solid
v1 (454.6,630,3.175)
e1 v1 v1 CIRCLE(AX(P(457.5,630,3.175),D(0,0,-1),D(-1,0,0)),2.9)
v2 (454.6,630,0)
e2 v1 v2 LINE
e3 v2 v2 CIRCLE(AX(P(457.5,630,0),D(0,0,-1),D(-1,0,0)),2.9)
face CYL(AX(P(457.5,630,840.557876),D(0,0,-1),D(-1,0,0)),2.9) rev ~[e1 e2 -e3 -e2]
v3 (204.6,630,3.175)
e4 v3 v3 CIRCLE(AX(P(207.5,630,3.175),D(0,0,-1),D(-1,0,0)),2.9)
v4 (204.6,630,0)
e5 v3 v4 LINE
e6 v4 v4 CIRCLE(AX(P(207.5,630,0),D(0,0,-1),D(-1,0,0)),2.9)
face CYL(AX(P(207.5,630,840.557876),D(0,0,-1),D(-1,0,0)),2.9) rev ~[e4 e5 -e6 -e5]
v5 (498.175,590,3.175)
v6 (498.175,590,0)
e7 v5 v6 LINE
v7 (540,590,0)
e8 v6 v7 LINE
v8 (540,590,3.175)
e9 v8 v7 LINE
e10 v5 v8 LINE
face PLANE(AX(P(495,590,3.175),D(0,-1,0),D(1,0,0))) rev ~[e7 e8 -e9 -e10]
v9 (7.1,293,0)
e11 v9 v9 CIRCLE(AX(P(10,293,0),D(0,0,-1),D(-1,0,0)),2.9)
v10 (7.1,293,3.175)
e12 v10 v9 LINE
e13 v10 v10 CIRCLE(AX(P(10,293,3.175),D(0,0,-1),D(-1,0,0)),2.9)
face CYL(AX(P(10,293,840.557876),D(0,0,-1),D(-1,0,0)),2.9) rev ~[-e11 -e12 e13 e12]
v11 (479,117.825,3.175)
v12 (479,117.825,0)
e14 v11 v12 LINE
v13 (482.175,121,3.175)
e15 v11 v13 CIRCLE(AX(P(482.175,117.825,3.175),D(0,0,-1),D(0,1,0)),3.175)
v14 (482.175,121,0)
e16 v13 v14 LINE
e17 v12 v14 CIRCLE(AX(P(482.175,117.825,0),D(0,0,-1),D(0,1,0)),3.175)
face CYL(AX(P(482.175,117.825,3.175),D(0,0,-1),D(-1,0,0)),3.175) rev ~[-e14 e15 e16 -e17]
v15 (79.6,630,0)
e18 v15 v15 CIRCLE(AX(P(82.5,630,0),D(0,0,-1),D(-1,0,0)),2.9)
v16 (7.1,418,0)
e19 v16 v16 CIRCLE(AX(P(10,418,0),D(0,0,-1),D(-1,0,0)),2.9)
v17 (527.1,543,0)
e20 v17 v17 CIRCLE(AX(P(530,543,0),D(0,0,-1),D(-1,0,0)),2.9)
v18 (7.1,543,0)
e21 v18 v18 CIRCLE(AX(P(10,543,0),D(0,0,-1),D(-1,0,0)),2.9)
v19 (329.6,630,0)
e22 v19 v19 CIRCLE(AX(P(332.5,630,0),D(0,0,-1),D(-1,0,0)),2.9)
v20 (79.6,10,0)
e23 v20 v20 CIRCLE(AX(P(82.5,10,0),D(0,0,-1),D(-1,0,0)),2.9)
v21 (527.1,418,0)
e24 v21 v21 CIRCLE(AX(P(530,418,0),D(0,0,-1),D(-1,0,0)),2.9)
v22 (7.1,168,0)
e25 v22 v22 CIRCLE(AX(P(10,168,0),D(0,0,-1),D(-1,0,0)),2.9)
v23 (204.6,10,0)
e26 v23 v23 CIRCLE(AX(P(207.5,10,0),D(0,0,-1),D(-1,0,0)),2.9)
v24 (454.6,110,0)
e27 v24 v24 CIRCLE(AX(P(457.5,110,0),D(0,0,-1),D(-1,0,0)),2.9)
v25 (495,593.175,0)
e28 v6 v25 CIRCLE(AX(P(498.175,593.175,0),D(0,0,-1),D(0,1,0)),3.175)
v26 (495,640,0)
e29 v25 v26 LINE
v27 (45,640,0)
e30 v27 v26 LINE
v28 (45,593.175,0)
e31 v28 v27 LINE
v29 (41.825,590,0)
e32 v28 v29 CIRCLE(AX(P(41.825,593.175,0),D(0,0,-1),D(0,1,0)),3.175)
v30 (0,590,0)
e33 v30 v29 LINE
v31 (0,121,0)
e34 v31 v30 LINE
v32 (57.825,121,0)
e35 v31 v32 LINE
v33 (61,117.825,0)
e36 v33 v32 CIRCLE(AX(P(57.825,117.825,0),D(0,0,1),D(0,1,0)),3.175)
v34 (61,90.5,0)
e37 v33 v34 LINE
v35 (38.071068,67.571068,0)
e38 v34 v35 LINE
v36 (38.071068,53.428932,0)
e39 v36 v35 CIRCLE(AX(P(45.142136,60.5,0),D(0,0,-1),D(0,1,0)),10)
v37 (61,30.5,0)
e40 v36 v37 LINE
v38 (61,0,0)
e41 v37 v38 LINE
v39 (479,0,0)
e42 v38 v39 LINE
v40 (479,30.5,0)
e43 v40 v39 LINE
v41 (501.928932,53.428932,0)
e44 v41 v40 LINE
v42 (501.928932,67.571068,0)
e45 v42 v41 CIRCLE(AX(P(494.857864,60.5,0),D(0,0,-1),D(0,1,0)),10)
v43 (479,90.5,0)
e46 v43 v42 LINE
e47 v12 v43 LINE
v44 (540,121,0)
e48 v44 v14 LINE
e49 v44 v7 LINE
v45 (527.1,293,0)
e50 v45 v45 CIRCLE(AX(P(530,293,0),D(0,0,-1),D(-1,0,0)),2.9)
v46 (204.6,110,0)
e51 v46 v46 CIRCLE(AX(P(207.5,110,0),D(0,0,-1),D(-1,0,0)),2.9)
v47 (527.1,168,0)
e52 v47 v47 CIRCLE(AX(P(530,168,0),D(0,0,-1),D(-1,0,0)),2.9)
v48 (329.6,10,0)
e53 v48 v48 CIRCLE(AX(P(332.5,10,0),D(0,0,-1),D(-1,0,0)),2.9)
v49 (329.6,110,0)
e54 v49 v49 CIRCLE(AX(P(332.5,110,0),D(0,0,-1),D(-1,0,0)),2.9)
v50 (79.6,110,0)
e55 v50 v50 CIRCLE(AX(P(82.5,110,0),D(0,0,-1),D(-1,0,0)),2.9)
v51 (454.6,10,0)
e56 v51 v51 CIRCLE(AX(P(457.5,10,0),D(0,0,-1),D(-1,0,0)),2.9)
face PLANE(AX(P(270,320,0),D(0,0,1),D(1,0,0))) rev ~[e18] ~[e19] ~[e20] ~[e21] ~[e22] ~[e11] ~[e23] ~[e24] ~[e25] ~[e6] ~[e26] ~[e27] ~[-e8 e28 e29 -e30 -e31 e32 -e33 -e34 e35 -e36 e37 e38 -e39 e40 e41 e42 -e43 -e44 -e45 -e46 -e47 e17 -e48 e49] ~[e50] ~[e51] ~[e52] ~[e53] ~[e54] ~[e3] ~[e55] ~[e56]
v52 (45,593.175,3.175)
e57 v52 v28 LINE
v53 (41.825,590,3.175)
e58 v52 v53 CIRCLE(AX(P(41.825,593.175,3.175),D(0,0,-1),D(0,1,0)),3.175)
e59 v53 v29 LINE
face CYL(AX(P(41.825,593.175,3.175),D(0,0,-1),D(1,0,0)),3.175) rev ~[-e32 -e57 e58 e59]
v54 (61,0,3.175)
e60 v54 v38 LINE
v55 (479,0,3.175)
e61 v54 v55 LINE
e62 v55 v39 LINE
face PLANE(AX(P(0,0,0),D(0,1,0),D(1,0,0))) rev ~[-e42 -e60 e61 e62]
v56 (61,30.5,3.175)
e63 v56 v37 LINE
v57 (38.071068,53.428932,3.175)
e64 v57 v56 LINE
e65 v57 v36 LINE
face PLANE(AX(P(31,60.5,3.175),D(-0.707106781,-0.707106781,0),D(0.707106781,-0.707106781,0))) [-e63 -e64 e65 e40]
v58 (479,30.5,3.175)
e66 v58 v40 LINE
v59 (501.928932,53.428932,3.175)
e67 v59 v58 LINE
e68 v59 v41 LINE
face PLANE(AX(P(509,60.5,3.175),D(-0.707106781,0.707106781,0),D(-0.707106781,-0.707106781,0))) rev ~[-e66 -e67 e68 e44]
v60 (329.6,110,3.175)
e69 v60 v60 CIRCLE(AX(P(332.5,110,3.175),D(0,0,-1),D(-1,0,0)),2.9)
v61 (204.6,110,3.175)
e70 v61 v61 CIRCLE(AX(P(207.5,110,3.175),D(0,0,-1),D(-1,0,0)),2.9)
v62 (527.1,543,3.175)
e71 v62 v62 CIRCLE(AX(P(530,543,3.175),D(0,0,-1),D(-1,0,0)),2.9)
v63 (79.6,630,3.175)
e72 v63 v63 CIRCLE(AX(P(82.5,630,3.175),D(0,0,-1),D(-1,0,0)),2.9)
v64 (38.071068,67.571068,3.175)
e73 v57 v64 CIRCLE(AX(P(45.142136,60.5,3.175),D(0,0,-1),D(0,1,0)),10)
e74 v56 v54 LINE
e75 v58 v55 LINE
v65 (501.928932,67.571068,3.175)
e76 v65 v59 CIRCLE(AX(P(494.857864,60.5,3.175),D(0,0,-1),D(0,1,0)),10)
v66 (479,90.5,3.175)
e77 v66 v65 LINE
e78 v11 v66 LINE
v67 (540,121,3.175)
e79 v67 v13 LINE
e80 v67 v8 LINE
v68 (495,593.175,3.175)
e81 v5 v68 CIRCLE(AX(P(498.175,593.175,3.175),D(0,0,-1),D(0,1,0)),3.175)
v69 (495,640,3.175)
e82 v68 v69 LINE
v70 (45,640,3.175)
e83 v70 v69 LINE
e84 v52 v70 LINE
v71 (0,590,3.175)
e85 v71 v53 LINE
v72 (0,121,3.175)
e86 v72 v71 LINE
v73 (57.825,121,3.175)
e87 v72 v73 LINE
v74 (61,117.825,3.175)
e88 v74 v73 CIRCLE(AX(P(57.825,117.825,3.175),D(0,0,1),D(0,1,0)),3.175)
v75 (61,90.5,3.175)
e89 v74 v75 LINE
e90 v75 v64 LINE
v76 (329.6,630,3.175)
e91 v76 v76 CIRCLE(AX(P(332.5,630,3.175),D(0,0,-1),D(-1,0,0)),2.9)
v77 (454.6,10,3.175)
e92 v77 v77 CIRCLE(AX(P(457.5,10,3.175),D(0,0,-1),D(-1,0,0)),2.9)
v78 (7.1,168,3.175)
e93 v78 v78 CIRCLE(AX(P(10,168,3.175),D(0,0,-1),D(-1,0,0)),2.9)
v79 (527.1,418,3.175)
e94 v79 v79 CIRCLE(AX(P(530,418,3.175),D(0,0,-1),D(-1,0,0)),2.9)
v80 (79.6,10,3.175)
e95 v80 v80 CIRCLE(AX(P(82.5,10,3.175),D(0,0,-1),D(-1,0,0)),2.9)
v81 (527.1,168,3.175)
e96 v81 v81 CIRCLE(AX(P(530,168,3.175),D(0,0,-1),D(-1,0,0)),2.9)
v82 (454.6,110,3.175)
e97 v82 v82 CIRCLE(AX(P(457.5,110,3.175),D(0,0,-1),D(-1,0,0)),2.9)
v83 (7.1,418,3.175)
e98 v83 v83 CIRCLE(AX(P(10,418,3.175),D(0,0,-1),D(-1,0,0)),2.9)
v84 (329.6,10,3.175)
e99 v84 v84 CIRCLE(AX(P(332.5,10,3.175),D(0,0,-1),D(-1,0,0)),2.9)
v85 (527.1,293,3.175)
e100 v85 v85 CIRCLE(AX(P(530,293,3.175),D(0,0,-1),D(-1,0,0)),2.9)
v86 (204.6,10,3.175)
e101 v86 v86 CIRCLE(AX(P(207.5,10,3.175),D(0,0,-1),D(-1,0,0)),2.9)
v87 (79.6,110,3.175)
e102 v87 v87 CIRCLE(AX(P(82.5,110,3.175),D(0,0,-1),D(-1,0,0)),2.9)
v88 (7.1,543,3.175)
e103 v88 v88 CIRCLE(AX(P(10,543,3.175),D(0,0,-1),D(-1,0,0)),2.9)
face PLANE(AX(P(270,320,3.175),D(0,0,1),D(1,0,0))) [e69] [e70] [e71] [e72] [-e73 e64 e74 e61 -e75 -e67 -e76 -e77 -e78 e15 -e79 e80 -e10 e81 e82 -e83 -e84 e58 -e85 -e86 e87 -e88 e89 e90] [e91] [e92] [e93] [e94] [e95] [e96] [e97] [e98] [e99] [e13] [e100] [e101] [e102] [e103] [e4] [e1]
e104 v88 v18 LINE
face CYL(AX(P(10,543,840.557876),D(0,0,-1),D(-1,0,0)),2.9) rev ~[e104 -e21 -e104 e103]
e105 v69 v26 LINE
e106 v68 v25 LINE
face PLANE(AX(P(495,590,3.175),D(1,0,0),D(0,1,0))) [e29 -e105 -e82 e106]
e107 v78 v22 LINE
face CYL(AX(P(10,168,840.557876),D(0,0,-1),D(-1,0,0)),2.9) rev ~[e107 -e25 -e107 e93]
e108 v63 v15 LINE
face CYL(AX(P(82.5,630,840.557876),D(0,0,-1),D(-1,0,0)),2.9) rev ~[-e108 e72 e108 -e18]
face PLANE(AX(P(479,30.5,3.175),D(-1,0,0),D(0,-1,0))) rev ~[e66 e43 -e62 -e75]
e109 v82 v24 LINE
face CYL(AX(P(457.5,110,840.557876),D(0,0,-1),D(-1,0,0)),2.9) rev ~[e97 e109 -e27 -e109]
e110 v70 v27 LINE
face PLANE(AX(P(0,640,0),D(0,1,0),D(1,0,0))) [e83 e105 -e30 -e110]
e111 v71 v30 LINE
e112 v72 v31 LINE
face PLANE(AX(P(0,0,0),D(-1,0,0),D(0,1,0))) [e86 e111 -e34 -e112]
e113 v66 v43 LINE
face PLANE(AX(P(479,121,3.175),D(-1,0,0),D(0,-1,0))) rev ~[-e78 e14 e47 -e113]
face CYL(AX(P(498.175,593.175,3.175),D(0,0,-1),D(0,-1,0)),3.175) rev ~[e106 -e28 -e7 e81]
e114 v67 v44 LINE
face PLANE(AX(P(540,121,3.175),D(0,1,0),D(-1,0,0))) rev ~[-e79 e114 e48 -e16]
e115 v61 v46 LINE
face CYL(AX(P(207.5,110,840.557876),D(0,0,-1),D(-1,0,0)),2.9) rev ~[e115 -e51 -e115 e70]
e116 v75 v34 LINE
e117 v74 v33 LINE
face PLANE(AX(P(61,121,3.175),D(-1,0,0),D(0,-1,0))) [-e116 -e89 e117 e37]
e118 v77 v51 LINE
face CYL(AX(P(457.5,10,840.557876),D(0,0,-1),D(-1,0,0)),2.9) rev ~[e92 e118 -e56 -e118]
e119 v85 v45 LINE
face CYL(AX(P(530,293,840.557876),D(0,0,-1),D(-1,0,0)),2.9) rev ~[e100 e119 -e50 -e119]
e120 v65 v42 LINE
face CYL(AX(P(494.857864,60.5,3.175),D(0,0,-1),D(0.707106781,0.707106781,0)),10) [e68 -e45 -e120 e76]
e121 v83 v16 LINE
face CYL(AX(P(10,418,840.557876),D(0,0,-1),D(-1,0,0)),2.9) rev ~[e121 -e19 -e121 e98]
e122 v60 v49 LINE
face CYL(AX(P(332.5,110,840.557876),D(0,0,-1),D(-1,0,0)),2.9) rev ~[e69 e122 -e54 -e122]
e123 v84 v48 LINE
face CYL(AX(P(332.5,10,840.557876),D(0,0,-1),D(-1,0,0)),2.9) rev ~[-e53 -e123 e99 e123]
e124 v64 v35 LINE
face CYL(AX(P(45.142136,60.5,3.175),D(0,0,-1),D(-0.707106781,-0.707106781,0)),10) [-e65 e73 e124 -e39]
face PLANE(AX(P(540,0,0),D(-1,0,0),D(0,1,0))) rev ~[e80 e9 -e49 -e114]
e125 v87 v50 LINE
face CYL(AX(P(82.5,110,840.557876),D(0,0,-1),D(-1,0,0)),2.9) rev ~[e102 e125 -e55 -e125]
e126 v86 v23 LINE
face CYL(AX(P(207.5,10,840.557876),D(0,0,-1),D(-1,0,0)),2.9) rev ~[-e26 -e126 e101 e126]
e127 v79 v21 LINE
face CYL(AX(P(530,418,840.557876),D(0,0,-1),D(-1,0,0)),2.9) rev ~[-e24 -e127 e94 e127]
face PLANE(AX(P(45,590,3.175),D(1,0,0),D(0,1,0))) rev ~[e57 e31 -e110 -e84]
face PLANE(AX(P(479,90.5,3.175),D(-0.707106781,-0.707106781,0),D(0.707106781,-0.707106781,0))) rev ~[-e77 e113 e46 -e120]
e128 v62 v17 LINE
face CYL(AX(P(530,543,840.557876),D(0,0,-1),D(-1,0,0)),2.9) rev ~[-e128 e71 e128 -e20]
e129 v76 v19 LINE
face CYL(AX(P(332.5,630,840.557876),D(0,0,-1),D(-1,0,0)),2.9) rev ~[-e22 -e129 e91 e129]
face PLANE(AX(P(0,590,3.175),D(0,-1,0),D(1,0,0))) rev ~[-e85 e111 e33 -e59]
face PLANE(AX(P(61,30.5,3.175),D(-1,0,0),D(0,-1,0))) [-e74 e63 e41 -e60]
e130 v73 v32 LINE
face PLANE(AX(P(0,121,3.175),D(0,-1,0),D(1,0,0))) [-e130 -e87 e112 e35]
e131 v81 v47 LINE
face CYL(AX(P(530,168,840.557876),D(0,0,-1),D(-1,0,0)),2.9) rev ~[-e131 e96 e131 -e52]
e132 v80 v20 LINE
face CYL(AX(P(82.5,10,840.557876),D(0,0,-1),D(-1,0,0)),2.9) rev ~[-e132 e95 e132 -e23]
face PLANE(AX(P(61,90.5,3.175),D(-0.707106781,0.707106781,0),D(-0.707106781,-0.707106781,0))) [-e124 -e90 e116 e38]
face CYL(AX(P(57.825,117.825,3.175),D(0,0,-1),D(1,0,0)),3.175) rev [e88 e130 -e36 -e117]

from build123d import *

# Parameters (mm, degrees)
SKETCH2_W            = 540
SKETCH2_H            = 640
BOSS_EXTRUDE1_DEPTH  = 3.175
SKETCH3_W            = 45
SKETCH3_H            = 50
CUT_EXTRUDE1_DEPTH   = 838.382875765
FILLET1_R            = 10
FILLET2_R            = 3.175
M5_CLEARANCE_HOLE1_D = 5.8
LPATTERN1_COUNT      = 4
LPATTERN1_PITCH      = 125
M5_CLEARANCE_HOLE2_D = 5.8
LPATTERN2_COUNT      = 4
LPATTERN2_PITCH      = 125


with BuildPart() as part:
    # Sketch2 → Boss-Extrude1 (new body)
    with BuildSketch(Plane.XY):
        with Locations((270, 320)):
            Rectangle(SKETCH2_W, SKETCH2_H)
    extrude(amount=BOSS_EXTRUDE1_DEPTH)

    # Sketch3 → Cut-Extrude1 (cut, through all)
    with BuildSketch(Plane.XY.offset(3.175)):
        with Locations((22.5, 615)):
            Rectangle(SKETCH3_W, SKETCH3_H)
        Polygon((0, 121), (61, 121), (61, 90.5), (31, 60.5), (61, 30.5), (61, 0), (0, 0), align=None)
        Polygon((540, 0), (540, 121), (479, 121), (479, 90.5), (509, 60.5), (479, 30.5), (479, 0), align=None)
        with Locations((517.5, 615)):
            Rectangle(SKETCH3_W, SKETCH3_H)
    extrude(amount=-CUT_EXTRUDE1_DEPTH, mode=Mode.SUBTRACT)

    # Fillet1
    fillet1_edges = [part.edges().sort_by_distance(p)[0] for p in [
        (31, 60.5, 1.5875),
        (509, 60.5, 1.5875),
    ]]
    fillet(fillet1_edges, radius=FILLET1_R)

    # Fillet2
    fillet2_edges = [part.edges().sort_by_distance(p)[0] for p in [
        (45, 590, 1.5875),
        (61, 121, 1.5875),
        (479, 121, 1.5875),
        (495, 590, 1.5875),
    ]]
    fillet(fillet2_edges, radius=FILLET2_R)

    # M5 Clearance Hole1 (through all)
    with Locations(Plane(origin=(82.5, 10, 3.175), x_dir=(1, 0, 0), z_dir=(0, 0, 1))):
        with Locations((0, 0), (0, 100), (0, 620)):
            m5_clearance_hole1 = Hole(M5_CLEARANCE_HOLE1_D / 2)

    # LPattern1: M5 Clearance Hole1 ×4
    with Locations(*[(i * LPATTERN1_PITCH, 0, 0) for i in range(1, LPATTERN1_COUNT)]):
        add(m5_clearance_hole1, mode=Mode.SUBTRACT)

    # M5 Clearance Hole2 (through all)
    with Locations(Plane(origin=(10, 168, 3.175), x_dir=(1, 0, 0), z_dir=(0, 0, 1))):
        with Locations((0, 0), (520, 0)):
            m5_clearance_hole2 = Hole(M5_CLEARANCE_HOLE2_D / 2)

    # LPattern2: M5 Clearance Hole2 ×4
    with Locations(*[(0, i * LPATTERN2_PITCH, 0) for i in range(1, LPATTERN2_COUNT)]):
        add(m5_clearance_hole2, mode=Mode.SUBTRACT)


solid = part.part
